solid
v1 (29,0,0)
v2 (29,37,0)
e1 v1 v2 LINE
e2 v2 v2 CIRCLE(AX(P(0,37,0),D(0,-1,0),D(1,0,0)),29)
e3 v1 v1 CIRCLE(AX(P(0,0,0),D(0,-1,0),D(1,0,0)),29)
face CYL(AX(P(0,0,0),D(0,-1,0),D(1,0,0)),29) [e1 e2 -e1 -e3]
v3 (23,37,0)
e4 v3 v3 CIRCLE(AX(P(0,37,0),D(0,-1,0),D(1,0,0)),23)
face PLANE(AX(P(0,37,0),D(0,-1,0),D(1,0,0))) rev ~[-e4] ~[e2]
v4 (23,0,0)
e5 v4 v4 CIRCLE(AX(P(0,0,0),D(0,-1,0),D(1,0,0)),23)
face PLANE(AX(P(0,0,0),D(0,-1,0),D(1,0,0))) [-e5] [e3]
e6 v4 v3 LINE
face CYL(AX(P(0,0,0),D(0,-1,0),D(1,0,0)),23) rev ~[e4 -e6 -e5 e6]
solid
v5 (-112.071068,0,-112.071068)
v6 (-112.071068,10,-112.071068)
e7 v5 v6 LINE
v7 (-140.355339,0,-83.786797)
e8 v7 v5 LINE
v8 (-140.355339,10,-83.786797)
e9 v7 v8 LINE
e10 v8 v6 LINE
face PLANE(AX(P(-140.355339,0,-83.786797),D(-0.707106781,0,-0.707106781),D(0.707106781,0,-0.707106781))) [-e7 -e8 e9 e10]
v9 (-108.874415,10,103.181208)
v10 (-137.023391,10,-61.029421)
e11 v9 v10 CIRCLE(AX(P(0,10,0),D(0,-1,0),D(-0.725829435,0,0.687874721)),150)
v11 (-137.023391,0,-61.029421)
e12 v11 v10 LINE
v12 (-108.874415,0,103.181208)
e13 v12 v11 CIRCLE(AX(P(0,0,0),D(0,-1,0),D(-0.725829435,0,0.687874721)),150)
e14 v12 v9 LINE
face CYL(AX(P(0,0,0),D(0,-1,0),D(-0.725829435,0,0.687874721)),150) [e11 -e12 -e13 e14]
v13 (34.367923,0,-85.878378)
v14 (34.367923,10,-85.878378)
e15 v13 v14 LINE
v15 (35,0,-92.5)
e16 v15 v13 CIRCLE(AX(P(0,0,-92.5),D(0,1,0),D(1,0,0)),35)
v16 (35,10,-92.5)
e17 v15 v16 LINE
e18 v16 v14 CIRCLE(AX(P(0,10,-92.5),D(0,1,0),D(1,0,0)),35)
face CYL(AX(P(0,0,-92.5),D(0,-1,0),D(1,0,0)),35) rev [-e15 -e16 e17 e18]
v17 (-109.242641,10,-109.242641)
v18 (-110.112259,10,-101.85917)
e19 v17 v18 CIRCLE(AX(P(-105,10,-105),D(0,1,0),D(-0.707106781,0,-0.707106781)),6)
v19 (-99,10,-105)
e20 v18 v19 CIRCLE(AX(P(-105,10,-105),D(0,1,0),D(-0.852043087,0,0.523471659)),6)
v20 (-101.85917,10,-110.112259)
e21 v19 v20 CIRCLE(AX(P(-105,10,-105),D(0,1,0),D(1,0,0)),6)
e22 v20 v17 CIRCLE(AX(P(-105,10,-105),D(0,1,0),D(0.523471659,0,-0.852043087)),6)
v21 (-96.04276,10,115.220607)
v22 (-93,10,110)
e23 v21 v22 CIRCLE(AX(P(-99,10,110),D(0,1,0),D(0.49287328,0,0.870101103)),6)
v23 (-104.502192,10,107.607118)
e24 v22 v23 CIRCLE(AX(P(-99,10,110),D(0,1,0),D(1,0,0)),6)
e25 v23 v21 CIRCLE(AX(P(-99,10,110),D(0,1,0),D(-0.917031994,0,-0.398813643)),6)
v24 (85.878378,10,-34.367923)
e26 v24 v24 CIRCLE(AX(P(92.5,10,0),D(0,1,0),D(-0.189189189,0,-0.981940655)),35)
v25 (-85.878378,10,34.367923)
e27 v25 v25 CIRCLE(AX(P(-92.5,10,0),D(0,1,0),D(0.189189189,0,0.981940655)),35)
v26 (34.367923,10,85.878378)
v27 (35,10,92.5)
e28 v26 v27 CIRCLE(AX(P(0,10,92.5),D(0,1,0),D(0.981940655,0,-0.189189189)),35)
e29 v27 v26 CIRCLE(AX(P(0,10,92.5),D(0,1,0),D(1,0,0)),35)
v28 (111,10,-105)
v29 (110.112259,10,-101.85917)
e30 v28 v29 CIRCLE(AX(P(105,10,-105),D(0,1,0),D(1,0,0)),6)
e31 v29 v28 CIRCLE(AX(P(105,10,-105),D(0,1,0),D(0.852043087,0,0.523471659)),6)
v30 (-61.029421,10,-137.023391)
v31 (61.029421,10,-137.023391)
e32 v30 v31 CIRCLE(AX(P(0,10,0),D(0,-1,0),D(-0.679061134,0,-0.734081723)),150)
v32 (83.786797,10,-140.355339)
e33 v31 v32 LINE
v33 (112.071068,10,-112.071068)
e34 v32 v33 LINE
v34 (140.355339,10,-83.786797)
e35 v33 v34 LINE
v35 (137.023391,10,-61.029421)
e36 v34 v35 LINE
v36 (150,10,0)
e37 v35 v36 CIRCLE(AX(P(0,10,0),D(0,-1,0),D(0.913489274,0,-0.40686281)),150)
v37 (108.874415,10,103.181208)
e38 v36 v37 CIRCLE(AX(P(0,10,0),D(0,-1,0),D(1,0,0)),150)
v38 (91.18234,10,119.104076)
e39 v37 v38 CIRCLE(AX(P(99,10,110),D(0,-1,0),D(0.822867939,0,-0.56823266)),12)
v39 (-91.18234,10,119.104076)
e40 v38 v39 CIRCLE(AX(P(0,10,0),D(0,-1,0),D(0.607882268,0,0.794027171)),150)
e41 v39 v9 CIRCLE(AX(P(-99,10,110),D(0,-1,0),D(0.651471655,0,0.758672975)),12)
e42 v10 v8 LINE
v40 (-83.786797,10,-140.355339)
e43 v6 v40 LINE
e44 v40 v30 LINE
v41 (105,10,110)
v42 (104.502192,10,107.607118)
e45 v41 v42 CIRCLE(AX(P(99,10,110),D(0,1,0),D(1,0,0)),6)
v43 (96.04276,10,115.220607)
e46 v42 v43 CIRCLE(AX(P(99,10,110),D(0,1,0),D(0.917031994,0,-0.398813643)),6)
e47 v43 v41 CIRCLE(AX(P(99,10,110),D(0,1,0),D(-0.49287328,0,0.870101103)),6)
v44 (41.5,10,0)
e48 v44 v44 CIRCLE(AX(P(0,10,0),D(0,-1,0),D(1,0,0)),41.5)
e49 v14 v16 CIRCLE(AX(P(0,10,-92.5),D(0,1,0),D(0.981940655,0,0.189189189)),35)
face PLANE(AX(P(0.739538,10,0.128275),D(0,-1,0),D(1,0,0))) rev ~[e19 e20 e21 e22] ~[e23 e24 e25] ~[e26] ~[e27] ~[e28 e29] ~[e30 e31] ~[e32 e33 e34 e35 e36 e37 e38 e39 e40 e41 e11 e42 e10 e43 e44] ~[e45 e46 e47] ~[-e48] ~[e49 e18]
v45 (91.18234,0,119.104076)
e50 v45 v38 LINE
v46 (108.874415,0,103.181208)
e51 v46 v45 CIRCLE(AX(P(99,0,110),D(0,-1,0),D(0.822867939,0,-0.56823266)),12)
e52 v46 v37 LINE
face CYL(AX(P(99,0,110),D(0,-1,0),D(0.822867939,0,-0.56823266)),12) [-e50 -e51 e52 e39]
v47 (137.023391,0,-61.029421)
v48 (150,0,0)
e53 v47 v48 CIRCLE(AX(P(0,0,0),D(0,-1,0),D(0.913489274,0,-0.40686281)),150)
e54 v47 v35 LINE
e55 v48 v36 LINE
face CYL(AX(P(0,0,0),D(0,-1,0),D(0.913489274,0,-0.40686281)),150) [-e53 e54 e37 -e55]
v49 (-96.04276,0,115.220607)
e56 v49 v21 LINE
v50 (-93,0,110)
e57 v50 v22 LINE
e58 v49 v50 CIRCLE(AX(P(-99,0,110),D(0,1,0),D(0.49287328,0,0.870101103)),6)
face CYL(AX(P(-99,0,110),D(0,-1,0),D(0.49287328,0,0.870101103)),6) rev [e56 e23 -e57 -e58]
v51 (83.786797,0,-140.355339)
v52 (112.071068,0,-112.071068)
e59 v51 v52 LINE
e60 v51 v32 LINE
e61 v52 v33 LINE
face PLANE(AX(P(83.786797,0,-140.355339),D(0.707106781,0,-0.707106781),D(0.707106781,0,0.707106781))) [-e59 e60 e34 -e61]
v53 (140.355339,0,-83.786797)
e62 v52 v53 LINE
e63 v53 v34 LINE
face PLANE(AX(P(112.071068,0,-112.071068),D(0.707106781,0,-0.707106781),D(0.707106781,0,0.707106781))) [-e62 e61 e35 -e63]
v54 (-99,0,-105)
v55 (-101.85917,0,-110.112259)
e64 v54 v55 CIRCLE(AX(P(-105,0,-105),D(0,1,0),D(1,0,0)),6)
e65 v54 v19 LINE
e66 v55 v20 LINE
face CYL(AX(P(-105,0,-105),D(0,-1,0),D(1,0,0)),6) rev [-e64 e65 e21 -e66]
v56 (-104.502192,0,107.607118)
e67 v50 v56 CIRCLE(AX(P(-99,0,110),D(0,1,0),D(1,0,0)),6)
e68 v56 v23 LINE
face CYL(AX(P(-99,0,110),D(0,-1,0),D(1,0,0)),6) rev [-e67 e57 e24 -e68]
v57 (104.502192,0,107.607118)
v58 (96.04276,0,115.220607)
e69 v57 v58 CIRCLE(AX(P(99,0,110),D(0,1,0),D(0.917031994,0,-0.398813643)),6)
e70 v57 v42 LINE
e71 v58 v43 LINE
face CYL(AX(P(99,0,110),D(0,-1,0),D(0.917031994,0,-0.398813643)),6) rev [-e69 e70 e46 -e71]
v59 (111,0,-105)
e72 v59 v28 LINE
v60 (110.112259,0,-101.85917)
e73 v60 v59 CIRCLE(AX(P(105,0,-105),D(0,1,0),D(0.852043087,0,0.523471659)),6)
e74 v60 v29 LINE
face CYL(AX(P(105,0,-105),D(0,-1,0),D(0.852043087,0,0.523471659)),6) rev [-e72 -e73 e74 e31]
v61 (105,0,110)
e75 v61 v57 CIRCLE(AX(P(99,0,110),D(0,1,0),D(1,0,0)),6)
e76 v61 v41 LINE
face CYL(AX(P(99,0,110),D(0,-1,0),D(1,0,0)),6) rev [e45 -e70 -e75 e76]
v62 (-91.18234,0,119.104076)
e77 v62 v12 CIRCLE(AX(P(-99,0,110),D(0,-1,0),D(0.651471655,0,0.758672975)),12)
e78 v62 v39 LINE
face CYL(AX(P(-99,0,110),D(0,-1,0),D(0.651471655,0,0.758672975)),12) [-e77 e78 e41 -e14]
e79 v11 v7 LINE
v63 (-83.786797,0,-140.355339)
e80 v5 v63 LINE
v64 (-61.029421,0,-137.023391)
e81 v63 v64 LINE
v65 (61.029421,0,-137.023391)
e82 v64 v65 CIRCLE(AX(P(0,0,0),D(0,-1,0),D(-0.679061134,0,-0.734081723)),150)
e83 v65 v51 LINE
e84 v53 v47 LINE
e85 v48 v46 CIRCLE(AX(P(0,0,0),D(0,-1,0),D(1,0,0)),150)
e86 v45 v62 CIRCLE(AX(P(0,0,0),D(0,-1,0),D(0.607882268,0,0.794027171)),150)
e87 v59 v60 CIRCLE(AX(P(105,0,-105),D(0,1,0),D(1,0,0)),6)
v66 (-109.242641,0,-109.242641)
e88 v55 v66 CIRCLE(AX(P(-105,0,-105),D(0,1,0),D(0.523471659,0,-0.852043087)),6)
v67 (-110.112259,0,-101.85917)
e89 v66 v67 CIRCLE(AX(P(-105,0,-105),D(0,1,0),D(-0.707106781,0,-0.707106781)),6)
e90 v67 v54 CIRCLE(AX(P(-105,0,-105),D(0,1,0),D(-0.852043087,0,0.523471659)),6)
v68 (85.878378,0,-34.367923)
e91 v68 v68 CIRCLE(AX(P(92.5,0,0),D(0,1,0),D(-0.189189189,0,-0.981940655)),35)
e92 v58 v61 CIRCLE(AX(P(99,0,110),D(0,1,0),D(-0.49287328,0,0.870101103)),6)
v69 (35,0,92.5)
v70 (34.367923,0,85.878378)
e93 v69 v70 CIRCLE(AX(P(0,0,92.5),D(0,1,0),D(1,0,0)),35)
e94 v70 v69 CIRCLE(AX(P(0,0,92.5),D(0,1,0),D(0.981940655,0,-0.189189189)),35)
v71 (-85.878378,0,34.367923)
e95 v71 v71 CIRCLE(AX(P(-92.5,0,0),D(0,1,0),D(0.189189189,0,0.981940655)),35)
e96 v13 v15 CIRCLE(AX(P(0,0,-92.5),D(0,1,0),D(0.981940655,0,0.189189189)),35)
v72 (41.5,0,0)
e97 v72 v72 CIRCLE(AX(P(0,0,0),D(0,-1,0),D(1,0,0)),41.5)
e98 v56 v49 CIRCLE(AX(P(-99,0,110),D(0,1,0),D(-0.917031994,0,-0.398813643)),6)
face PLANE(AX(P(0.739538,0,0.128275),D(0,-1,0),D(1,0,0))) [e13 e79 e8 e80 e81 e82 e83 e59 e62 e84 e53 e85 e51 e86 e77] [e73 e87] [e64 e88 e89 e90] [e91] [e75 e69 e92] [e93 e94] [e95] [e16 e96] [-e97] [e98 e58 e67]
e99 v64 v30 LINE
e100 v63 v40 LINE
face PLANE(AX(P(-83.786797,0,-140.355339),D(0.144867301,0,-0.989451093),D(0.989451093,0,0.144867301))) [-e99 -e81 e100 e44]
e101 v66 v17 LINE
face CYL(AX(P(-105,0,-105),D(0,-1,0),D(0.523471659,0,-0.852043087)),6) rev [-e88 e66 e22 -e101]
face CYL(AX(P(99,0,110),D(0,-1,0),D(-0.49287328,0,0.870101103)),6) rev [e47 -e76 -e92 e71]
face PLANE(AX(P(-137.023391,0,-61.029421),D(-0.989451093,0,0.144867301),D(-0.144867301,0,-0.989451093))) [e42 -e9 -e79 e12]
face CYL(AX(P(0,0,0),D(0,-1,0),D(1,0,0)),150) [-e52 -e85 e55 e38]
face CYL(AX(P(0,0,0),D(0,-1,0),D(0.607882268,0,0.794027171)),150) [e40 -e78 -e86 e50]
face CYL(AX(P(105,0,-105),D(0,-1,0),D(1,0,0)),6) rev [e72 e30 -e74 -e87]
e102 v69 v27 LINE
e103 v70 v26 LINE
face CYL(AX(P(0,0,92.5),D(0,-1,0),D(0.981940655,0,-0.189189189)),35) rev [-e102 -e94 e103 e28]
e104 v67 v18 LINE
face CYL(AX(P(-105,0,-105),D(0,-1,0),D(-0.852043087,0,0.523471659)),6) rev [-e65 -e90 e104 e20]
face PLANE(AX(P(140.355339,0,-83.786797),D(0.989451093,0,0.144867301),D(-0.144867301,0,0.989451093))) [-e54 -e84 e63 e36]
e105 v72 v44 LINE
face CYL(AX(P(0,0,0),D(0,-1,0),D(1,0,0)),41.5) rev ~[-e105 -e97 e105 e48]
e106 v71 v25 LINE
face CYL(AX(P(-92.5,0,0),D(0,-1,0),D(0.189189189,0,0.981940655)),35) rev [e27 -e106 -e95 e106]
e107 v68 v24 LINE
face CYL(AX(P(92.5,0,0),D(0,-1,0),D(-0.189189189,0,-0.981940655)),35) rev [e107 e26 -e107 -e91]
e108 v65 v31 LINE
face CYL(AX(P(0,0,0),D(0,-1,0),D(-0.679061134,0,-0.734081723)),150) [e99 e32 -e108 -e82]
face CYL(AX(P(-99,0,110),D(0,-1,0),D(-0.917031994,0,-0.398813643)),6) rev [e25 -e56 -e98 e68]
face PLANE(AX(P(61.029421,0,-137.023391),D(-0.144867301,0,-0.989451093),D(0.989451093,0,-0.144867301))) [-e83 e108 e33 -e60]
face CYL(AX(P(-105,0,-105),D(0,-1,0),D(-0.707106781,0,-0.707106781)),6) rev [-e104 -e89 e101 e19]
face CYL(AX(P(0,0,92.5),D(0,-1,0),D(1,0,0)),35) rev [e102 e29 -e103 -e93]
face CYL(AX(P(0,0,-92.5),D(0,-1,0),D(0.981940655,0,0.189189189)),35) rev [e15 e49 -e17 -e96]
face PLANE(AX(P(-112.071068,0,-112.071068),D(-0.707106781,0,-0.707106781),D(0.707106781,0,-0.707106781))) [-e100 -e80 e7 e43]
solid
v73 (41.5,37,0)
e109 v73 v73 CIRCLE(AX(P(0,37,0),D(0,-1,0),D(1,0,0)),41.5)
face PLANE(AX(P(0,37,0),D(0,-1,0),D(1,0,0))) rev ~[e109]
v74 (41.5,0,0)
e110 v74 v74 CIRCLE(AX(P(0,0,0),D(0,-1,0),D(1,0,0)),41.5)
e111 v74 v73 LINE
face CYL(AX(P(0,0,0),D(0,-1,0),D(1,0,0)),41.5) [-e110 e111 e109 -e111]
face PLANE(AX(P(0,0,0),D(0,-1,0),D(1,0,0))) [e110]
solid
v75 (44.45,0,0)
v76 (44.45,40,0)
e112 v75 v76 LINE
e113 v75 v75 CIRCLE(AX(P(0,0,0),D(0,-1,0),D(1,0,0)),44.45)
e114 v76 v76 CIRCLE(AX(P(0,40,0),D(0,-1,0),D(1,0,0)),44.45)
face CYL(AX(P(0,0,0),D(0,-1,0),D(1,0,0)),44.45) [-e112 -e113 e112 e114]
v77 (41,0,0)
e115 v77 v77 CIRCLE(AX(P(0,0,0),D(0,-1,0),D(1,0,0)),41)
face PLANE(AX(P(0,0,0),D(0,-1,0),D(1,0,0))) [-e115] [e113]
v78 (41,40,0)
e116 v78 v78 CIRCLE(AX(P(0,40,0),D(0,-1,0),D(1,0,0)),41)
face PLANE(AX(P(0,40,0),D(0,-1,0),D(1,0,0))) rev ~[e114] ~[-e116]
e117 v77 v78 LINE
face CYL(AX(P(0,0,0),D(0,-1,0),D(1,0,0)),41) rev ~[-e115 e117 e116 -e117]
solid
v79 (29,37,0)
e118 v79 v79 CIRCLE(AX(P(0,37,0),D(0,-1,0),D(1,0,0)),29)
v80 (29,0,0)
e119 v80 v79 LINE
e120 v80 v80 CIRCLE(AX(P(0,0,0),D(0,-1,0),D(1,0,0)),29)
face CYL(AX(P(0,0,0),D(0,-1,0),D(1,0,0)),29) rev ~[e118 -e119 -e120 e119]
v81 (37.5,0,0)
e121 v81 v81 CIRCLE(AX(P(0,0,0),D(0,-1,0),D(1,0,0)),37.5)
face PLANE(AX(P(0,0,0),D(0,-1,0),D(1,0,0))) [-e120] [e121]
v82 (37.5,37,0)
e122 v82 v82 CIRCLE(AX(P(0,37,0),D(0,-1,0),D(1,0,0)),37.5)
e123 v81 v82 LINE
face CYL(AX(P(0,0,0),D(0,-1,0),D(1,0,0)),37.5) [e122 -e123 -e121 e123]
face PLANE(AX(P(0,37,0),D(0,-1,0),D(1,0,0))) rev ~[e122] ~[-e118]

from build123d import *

# Parameters (mm, degrees)
F2_R     = 29
F2_R_2   = 23
F3_DEPTH = 37
F2_R_3   = 37.5
F4_DEPTH = 37
F1_R     = 44.45
F1_R_2   = 41
F5_DEPTH = 40
F0_R     = 140
F0_R_2   = 41.5
F6_DEPTH = 10
F7_DEPTH = 37


with BuildPart() as f3:
    # F2 (on face) → F3 (new body)
    with BuildSketch(Plane.XZ):
        Circle(F2_R)
        Circle(F2_R_2, mode=Mode.SUBTRACT)
    extrude(amount=-F3_DEPTH)


with BuildPart() as f4:
    # F2 (on face) → F4 (new body)
    with BuildSketch(Plane.XZ):
        Circle(F2_R_3)
        Circle(F2_R, mode=Mode.SUBTRACT)
    extrude(amount=-F4_DEPTH)


with BuildPart() as f5:
    # F1 (on face) → F5 (new body)
    with BuildSketch(Plane.XZ):
        Circle(F1_R)
        Circle(F1_R_2, mode=Mode.SUBTRACT)
    extrude(amount=-F5_DEPTH)


with BuildPart() as f6:
    # F0 (on Front) → F6 (new body)
    with BuildSketch(Plane.XZ):
        with BuildLine():
            ThreePointArc((137.0233911422, -61.0294214285), (146.7199861493, -31.196885491), (150, 0))
            ThreePointArc((150, 0), (139.3398045954, 55.537544556), (108.8744152626, 103.1812080819))
            ThreePointArc((108.8744152626, 103.1812080819), (106.711251974, 105.4168331062), (104.5021919642, 107.6071181413))
            ThreePointArc((104.5021919642, 107.6071181413), (94.9862116103, 105.5402351225), (96.0427603211, 115.2206066201))
            ThreePointArc((96.0427603211, 115.2206066201), (93.632686031, 117.1875424549), (91.1823401367, 119.1040756951))
            ThreePointArc((91.1823401367, 119.1040756951), (0, 150), (-91.1823401367, 119.1040756951))
            ThreePointArc((-91.1823401367, 119.1040756951), (-93.632686031, 117.1875424549), (-96.0427603211, 115.2206066201))
            ThreePointArc((-96.0427603211, 115.2206066201), (-93.8162061155, 113.0213045135), (-93, 110))
            ThreePointArc((-93, 110), (-97.7779426742, 104.1257701873), (-104.5021919642, 107.6071181413))
            ThreePointArc((-104.5021919642, 107.6071181413), (-106.711251974, 105.4168331062), (-108.8744152626, 103.1812080819))
            ThreePointArc((-108.8744152626, 103.1812080819), (-147.8435507884, 25.3433322649), (-137.0233911422, -61.0294214285))
            ThreePointArc((-137.0233911422, -61.0294214285), (-125.2428617807, -82.548322654), (-110.1122585236, -101.8591700479))
            ThreePointArc((-110.1122585236, -101.8591700479), (-103.3680611441, -99.2261992093), (-99, -105))
            ThreePointArc((-99, -105), (-99.7633512762, -107.9287386609), (-101.8591700479, -110.1122585236))
            ThreePointArc((-101.8591700479, -110.1122585236), (-82.548322654, -125.2428617807), (-61.0294214285, -137.0233911422))
            ThreePointArc((-61.0294214285, -137.0233911422), (0, -150), (61.0294214285, -137.0233911422))
            ThreePointArc((61.0294214285, -137.0233911422), (82.548322654, -125.2428617807), (101.8591700479, -110.1122585236))
            ThreePointArc((101.8591700479, -110.1122585236), (100.7573593129, -100.7573593129), (110.1122585236, -101.8591700479))
            ThreePointArc((110.1122585236, -101.8591700479), (125.2428617807, -82.548322654), (137.0233911422, -61.0294214285))
        make_face()
        Circle(F0_R, mode=Mode.SUBTRACT)
        Circle(F0_R)
        with BuildLine():
            ThreePointArc((-34.3679229384, 85.8783783784), (-3.325860577, 127.3416223994), (35, 92.5))
            ThreePointArc((35, 92.5), (34.8416223994, 89.174139423), (34.3679229384, 85.8783783784))
            ThreePointArc((34.3679229384, 85.8783783784), (65.4073772598, 65.4073772598), (85.8783783784, 34.3679229384))
            ThreePointArc((85.8783783784, 34.3679229384), (114.7850088988, 26.9884860335), (127.5, 0))
            ThreePointArc((127.5, 0), (114.7850088988, -26.9884860335), (85.8783783784, -34.3679229384))
            ThreePointArc((85.8783783784, -34.3679229384), (65.4073772598, -65.4073772598), (34.3679229384, -85.8783783784))
            ThreePointArc((34.3679229384, -85.8783783784), (34.8416223994, -89.174139423), (35, -92.5))
            ThreePointArc((35, -92.5), (-3.325860577, -127.3416223994), (-34.3679229384, -85.8783783784))
            ThreePointArc((-34.3679229384, -85.8783783784), (-65.4073772598, -65.4073772598), (-85.8783783784, -34.3679229384))
            ThreePointArc((-85.8783783784, -34.3679229384), (-127.5, 0), (-85.8783783784, 34.3679229384))
            ThreePointArc((-85.8783783784, 34.3679229384), (-65.4073772598, 65.4073772598), (-34.3679229384, 85.8783783784))
        make_face(mode=Mode.SUBTRACT)
        with BuildLine():
            ThreePointArc((34.3679229384, 85.8783783784), (0, 57.5), (-34.3679229384, 85.8783783784))
            ThreePointArc((-34.3679229384, 85.8783783784), (-65.4073772598, 65.4073772598), (-85.8783783784, 34.3679229384))
            ThreePointArc((-85.8783783784, 34.3679229384), (-65.5115139665, 22.2850088988), (-57.5, 0))
            ThreePointArc((-57.5, 0), (-65.5115139665, -22.2850088988), (-85.8783783784, -34.3679229384))
            ThreePointArc((-85.8783783784, -34.3679229384), (-65.4073772598, -65.4073772598), (-34.3679229384, -85.8783783784))
            ThreePointArc((-34.3679229384, -85.8783783784), (0, -57.5), (34.3679229384, -85.8783783784))
            ThreePointArc((34.3679229384, -85.8783783784), (65.4073772598, -65.4073772598), (85.8783783784, -34.3679229384))
            ThreePointArc((85.8783783784, -34.3679229384), (57.5, 0), (85.8783783784, 34.3679229384))
            ThreePointArc((85.8783783784, 34.3679229384), (65.4073772598, 65.4073772598), (34.3679229384, 85.8783783784))
        make_face()
        Circle(F0_R_2, mode=Mode.SUBTRACT)
        with BuildLine():
            Line((140.3553390593, -83.7867965644), (137.0233911422, -61.0294214285))
            ThreePointArc((137.0233911422, -61.0294214285), (125.2428617807, -82.548322654), (110.1122585236, -101.8591700479))
            ThreePointArc((110.1122585236, -101.8591700479), (110.7738007907, -103.3680611441), (111, -105))
            ThreePointArc((111, -105), (107.9287386609, -110.2366487238), (101.8591700479, -110.1122585236))
            ThreePointArc((101.8591700479, -110.1122585236), (82.548322654, -125.2428617807), (61.0294214285, -137.0233911422))
            Line((61.0294214285, -137.0233911422), (83.7867965644, -140.3553390593))
            Line((83.7867965644, -140.3553390593), (112.0710678119, -112.0710678119))
            Line((112.0710678119, -112.0710678119), (140.3553390593, -83.7867965644))
        make_face()
        with BuildLine():
            Line((-83.7867965644, -140.3553390593), (-61.0294214285, -137.0233911422))
            ThreePointArc((-61.0294214285, -137.0233911422), (-82.548322654, -125.2428617807), (-101.8591700479, -110.1122585236))
            ThreePointArc((-101.8591700479, -110.1122585236), (-105.7018229971, -110.9588123381), (-109.2426406871, -109.2426406871))
            Line((-109.2426406871, -109.2426406871), (-112.0710678119, -112.0710678119))
            Line((-112.0710678119, -112.0710678119), (-83.7867965644, -140.3553390593))
        make_face()
        with BuildLine():
            ThreePointArc((-110.1122585236, -101.8591700479), (-125.2428617807, -82.548322654), (-137.0233911422, -61.0294214285))
            Line((-137.0233911422, -61.0294214285), (-140.3553390593, -83.7867965644))
            Line((-140.3553390593, -83.7867965644), (-112.0710678119, -112.0710678119))
            Line((-112.0710678119, -112.0710678119), (-109.2426406871, -109.2426406871))
            ThreePointArc((-109.2426406871, -109.2426406871), (-110.9588123381, -105.7018229971), (-110.1122585236, -101.8591700479))
        make_face()
        with BuildLine():
            ThreePointArc((104.5021919642, 107.6071181413), (106.711251974, 105.4168331062), (108.8744152626, 103.1812080819))
            ThreePointArc((108.8744152626, 103.1812080819), (107.0275767795, 118.919529755), (91.1823401367, 119.1040756951))
            ThreePointArc((91.1823401367, 119.1040756951), (93.632686031, 117.1875424549), (96.0427603211, 115.2206066201))
            ThreePointArc((96.0427603211, 115.2206066201), (102.0213045135, 115.1837938845), (105, 110))
            ThreePointArc((105, 110), (104.8742298127, 108.7779426742), (104.5021919642, 107.6071181413))
        make_face()
        with BuildLine():
            ThreePointArc((-96.0427603211, 115.2206066201), (-93.632686031, 117.1875424549), (-91.1823401367, 119.1040756951))
            ThreePointArc((-91.1823401367, 119.1040756951), (-107.0275767795, 118.919529755), (-108.8744152626, 103.1812080819))
            ThreePointArc((-108.8744152626, 103.1812080819), (-106.711251974, 105.4168331062), (-104.5021919642, 107.6071181413))
            ThreePointArc((-104.5021919642, 107.6071181413), (-103.0137883897, 114.4597648775), (-96.0427603211, 115.2206066201))
        make_face()
    extrude(amount=-F6_DEPTH)


with BuildPart() as f7:
    # F0 (on Front) → F7 (new body)
    with BuildSketch(Plane.XZ):
        Circle(F0_R_2)
    extrude(amount=-F7_DEPTH)


solid = Compound([f3.part, f4.part, f5.part, f6.part, f7.part])
